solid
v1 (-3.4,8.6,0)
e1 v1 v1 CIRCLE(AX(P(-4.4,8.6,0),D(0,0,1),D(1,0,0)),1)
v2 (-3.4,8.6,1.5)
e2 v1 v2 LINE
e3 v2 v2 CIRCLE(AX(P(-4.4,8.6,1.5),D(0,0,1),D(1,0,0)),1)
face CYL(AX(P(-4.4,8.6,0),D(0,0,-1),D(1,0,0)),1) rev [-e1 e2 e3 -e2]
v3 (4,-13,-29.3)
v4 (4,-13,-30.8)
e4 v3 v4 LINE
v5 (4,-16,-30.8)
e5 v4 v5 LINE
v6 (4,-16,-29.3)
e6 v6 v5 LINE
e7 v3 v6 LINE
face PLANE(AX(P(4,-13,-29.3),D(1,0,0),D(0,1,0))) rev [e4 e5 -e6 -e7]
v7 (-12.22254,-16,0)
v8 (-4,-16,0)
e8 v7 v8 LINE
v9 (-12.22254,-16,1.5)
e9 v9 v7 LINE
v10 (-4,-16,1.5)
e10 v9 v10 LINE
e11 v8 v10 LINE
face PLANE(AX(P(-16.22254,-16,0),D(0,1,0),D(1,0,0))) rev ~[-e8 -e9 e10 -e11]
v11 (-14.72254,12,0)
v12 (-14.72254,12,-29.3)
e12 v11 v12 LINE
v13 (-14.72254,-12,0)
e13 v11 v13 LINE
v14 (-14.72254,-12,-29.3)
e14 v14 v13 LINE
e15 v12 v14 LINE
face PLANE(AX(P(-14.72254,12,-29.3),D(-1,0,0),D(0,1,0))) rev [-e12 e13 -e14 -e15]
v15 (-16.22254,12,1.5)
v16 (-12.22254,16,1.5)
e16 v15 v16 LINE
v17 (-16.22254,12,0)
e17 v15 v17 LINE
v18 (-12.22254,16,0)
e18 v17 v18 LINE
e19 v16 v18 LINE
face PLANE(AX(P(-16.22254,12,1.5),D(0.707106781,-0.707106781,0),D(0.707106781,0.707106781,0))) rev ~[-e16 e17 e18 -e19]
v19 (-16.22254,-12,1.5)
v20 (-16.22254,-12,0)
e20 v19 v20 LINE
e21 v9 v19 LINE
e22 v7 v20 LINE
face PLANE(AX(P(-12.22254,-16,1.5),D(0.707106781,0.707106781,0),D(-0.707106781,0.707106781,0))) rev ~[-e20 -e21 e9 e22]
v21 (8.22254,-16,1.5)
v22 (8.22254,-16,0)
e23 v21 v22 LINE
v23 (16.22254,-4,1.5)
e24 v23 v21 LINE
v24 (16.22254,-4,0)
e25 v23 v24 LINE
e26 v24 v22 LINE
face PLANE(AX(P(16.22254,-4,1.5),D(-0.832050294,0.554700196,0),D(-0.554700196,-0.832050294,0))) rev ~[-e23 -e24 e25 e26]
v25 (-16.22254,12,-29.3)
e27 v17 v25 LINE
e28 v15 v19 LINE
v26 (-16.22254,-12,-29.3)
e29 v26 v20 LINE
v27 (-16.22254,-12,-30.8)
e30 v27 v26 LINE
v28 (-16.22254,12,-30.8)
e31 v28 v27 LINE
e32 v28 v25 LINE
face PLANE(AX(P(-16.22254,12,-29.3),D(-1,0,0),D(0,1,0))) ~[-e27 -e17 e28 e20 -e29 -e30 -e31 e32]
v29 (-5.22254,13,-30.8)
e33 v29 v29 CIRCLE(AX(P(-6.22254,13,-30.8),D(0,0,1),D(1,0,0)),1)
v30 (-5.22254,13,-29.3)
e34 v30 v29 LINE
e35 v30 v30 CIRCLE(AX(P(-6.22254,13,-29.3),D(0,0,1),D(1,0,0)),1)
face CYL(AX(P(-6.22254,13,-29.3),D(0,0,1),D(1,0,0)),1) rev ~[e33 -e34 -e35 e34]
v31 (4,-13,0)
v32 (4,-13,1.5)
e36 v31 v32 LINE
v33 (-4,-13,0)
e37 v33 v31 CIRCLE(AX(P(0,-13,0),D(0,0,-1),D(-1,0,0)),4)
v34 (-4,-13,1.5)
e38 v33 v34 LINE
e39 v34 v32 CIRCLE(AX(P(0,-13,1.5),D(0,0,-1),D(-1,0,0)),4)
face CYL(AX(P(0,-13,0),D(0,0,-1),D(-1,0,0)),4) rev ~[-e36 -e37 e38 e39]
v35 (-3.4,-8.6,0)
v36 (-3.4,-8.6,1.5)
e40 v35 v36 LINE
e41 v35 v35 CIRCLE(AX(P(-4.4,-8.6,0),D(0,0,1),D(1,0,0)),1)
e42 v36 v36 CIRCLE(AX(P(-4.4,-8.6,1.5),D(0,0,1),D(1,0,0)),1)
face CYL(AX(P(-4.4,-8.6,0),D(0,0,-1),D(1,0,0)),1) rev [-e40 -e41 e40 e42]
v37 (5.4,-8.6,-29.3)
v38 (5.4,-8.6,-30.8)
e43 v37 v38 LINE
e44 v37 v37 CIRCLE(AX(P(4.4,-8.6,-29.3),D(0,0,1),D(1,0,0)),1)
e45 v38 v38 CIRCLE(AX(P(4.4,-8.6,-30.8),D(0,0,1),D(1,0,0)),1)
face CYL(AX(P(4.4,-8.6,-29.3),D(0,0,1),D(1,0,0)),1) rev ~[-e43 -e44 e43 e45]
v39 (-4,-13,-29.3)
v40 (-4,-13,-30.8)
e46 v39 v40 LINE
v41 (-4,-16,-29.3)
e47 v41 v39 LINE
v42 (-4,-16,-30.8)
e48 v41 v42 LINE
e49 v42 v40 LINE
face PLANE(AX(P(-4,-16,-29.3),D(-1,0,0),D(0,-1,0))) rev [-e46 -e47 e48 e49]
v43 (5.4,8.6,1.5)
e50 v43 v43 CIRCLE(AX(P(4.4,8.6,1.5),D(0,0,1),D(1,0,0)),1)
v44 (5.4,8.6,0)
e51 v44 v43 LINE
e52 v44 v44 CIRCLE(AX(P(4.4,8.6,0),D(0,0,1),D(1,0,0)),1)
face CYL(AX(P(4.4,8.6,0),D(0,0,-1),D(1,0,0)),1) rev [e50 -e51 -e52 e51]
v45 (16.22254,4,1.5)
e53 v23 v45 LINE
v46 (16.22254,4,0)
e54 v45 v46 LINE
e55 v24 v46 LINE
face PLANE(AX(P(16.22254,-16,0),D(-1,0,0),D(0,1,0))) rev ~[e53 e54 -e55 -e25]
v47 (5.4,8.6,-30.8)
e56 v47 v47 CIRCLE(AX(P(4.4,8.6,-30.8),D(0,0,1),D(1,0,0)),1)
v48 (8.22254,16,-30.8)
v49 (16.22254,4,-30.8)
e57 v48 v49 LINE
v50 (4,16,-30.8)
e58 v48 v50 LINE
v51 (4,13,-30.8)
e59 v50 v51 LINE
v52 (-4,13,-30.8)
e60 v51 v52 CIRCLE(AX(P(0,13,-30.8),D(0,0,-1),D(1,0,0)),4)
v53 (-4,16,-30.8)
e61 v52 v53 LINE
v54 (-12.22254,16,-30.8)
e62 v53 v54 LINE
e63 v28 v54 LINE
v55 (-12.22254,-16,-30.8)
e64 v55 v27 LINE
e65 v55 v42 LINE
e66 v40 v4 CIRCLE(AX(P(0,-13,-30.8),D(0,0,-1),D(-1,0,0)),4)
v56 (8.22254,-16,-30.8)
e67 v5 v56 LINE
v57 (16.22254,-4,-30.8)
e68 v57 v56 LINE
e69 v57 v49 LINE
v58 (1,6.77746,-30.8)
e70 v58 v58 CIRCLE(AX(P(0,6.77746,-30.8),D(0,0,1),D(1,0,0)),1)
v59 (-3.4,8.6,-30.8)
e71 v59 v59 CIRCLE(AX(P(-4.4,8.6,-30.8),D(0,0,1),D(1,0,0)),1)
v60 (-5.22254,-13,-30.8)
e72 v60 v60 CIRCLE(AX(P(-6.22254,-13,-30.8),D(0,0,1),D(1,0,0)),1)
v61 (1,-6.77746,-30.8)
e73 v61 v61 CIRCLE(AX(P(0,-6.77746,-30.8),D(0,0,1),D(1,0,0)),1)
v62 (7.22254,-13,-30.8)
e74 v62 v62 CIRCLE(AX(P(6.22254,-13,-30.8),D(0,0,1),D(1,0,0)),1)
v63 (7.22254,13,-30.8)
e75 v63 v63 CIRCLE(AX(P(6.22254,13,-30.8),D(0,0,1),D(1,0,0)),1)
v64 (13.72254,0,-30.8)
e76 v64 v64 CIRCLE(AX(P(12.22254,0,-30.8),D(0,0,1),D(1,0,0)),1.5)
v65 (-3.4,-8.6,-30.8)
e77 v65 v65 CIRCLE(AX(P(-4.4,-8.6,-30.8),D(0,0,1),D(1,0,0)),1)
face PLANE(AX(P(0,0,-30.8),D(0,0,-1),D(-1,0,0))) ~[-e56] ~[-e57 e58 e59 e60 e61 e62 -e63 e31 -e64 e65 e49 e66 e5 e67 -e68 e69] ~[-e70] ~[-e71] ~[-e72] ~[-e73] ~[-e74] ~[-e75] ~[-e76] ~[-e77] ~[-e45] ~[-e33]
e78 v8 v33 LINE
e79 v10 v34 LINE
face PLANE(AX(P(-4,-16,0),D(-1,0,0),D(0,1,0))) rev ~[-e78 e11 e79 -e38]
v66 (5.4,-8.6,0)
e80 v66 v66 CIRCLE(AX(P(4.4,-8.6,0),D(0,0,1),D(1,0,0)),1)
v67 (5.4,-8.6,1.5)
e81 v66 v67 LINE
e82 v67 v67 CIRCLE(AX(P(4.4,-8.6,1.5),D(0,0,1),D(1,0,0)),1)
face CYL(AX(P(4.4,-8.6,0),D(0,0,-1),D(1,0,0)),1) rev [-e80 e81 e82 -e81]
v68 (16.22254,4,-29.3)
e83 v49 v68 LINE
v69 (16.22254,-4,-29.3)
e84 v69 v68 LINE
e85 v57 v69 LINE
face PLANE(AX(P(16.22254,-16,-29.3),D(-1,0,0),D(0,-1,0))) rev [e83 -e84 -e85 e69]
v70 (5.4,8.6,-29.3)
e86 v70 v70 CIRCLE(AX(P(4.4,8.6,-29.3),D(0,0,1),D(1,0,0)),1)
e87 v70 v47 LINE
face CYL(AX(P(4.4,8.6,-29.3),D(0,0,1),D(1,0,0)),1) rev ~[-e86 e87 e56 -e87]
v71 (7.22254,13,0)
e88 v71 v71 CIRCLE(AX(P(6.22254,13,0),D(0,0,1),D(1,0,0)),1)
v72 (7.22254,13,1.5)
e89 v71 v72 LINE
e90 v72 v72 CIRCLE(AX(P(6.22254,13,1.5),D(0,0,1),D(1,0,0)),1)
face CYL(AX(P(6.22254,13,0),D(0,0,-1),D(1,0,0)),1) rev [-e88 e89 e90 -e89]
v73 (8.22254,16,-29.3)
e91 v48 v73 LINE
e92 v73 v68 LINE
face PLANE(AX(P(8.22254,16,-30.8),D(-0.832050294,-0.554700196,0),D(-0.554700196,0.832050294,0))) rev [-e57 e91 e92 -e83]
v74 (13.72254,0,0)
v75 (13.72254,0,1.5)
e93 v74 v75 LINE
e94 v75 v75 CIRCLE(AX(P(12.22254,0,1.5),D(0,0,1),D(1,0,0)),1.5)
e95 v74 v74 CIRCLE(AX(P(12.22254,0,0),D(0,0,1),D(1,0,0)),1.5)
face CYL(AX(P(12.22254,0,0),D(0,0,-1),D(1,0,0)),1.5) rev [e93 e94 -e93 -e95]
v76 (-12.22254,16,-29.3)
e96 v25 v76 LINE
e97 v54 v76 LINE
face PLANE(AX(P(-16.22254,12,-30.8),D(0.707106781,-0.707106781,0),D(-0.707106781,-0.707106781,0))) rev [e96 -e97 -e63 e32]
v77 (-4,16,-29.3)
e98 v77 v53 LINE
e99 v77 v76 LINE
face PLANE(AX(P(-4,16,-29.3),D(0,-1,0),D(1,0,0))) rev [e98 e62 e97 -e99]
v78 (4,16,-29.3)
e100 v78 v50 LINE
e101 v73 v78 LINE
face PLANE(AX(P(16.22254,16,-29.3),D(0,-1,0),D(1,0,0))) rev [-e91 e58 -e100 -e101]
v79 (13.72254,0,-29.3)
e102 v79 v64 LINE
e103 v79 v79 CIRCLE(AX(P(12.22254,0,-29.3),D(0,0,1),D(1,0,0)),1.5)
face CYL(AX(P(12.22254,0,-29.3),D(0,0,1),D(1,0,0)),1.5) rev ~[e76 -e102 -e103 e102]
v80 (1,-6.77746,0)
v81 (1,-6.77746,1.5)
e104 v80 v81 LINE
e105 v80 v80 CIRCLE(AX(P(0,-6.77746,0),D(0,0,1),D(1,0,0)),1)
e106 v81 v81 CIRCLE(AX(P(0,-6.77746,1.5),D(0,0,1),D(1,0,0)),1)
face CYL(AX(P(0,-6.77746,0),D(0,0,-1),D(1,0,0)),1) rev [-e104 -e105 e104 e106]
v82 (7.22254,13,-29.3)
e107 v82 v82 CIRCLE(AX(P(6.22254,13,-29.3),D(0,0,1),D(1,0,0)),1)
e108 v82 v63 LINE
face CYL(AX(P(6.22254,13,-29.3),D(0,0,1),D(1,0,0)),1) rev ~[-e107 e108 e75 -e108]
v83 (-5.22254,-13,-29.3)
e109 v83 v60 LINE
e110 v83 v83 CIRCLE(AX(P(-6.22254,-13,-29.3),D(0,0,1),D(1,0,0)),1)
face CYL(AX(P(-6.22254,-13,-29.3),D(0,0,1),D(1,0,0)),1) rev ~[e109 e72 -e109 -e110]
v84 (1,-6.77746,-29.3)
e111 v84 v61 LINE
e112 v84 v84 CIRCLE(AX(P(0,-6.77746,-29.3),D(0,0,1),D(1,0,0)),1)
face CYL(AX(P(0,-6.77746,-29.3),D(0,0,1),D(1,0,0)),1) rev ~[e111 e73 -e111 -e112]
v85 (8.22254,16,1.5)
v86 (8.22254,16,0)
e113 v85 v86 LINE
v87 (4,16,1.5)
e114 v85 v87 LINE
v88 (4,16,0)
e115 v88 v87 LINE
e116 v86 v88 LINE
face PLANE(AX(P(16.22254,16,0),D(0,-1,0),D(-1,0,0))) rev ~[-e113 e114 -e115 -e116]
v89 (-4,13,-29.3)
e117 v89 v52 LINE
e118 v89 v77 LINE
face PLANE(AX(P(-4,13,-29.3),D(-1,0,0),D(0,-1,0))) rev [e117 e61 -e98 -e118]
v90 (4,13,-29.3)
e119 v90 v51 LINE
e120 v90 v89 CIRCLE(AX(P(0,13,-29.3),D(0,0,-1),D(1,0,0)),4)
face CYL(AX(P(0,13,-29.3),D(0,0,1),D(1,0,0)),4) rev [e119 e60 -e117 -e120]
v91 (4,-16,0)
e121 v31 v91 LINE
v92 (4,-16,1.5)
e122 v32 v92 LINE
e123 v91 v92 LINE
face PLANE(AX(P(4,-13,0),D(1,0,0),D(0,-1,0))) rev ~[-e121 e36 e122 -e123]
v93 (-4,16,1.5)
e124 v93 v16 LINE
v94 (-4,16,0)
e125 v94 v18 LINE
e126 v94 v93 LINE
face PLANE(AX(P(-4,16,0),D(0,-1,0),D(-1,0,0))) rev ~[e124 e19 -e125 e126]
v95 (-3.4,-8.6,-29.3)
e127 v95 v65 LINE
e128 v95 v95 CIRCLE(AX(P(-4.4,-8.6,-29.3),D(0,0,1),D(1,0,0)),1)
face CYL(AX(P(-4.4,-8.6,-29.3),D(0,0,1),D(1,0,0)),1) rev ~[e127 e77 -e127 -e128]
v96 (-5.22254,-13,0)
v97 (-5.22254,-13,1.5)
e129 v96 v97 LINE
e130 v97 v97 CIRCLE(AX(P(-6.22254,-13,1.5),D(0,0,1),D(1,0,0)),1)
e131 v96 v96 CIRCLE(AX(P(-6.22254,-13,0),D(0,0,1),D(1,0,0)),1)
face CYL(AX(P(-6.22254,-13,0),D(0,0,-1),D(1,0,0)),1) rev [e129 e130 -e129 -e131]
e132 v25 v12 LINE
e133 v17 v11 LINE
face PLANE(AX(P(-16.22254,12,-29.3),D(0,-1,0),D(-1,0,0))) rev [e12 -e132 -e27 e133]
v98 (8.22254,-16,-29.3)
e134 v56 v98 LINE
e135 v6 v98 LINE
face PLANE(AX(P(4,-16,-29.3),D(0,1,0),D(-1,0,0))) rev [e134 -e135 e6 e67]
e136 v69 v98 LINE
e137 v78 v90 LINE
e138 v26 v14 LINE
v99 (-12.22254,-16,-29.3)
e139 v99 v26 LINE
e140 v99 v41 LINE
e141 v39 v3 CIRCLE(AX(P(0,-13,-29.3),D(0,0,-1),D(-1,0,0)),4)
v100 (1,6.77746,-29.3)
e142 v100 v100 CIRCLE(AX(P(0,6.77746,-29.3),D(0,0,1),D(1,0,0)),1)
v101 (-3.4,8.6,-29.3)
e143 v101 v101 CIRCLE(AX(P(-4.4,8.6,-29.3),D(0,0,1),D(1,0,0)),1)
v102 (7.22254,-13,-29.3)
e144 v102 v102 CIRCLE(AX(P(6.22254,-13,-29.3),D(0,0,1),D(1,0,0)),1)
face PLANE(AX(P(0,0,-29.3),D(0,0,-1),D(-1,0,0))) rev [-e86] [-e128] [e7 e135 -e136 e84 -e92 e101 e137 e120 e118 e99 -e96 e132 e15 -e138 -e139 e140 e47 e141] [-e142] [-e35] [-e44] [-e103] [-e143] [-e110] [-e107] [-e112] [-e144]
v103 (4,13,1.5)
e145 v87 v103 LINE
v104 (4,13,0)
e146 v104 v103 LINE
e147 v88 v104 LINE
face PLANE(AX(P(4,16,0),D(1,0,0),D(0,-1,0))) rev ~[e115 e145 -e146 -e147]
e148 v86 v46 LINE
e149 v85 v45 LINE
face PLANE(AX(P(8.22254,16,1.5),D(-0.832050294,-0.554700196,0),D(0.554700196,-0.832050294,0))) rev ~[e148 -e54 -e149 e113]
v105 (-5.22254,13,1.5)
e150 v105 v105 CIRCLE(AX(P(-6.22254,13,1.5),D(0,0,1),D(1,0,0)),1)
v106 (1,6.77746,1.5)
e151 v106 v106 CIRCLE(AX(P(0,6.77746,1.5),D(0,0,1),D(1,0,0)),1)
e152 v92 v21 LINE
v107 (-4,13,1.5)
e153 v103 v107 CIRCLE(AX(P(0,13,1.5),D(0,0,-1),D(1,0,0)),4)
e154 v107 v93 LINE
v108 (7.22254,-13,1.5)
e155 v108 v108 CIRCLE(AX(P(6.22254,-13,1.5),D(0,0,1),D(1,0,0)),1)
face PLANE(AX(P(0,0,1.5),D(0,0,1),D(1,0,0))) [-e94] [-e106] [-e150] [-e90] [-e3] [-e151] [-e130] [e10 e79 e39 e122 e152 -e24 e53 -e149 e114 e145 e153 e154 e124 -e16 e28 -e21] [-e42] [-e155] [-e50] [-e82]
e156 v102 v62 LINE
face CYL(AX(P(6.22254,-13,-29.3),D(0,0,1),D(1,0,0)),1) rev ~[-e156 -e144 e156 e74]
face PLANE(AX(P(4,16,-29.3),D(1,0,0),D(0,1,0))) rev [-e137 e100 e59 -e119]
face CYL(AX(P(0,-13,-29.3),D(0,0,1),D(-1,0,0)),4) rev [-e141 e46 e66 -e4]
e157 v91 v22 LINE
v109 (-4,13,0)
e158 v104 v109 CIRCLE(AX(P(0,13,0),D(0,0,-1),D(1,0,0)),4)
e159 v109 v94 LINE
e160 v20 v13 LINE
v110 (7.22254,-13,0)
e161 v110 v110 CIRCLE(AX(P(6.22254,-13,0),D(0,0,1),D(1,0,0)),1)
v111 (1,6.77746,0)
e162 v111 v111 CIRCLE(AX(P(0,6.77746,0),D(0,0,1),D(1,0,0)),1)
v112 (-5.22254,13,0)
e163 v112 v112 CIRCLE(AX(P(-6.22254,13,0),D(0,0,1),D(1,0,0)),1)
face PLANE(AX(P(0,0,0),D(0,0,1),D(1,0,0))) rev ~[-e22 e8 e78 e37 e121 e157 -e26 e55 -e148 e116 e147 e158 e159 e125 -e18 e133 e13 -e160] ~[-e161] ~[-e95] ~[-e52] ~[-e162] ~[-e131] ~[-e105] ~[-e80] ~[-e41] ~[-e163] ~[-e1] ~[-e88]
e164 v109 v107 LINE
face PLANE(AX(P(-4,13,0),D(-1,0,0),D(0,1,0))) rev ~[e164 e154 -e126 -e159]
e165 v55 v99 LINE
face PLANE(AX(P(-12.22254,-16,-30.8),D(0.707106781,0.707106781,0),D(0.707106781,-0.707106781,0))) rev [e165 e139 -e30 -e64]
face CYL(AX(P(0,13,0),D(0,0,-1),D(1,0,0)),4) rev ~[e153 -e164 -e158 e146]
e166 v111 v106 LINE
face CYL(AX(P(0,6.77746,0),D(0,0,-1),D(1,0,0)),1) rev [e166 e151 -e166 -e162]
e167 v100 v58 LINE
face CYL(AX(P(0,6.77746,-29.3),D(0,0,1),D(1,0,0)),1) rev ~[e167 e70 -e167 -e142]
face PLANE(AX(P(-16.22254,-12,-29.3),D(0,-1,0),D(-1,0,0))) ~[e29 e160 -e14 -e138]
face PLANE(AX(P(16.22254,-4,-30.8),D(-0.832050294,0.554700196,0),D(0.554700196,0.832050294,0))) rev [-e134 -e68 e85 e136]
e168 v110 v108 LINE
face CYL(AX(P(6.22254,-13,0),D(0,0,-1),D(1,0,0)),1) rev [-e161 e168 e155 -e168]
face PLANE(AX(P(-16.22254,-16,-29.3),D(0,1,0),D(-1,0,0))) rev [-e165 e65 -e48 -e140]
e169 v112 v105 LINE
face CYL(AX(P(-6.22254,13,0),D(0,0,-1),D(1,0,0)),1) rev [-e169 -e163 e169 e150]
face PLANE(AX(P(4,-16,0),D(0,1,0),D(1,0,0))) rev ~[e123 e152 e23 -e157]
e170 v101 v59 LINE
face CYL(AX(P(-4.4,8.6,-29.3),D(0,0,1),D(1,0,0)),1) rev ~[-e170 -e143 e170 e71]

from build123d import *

# Parameters (mm, degrees)
F0_R     = 1
F0_R_2   = 1.5
F1_DEPTH = 1.5
F3_DEPTH = 1.5
F4_W     = 1.5
F4_H     = 24
F5_DEPTH = 14.65


with BuildPart() as f1:
    # F0 (on Top) → F1 (new body)
    with BuildSketch(Plane.XY):
        with BuildLine():
            Line((-4, 16), (-16.22254, 16))
            Line((-16.22254, 16), (-16.22254, -16))
            Line((-16.22254, -16), (-4, -16))
            Line((-4, -16), (-4, -13))
            ThreePointArc((-4, -13), (0, -9), (4, -13))
            Line((4, -13), (4, -16))
            Line((4, -16), (16.22254, -16))
            Line((16.22254, -16), (16.22254, 16))
            Line((16.22254, 16), (4, 16))
            Line((4, 16), (4, 13))
            ThreePointArc((4, 13), (0, 9), (-4, 13))
            Line((-4, 13), (-4, 16))
        make_face()
        with Locations((-6.22254, -13)):
            Circle(F0_R, mode=Mode.SUBTRACT)
        with Locations((-4.4, -8.6)):
            Circle(F0_R, mode=Mode.SUBTRACT)
        with Locations((6.22254, -13)):
            Circle(F0_R, mode=Mode.SUBTRACT)
        with Locations((4.4, -8.6)):
            Circle(F0_R, mode=Mode.SUBTRACT)
        with Locations((0, -6.77746)):
            Circle(F0_R, mode=Mode.SUBTRACT)
        with Locations((-4.4, 8.6)):
            Circle(F0_R, mode=Mode.SUBTRACT)
        with Locations((-6.22254, 13)):
            Circle(F0_R, mode=Mode.SUBTRACT)
        with Locations((0, 6.77746)):
            Circle(F0_R, mode=Mode.SUBTRACT)
        with Locations((12.22254, 0)):
            Circle(F0_R_2, mode=Mode.SUBTRACT)
        with Locations((4.4, 8.6)):
            Circle(F0_R, mode=Mode.SUBTRACT)
        with Locations((6.22254, 13)):
            Circle(F0_R, mode=Mode.SUBTRACT)
    extrude(amount=F1_DEPTH)

    # F2 (on face) → F3 (cut, through all)
    with BuildSketch(Plane.XY.offset(1.5)):
        Polygon((16.22254, 16), (8.22254, 16), (16.22254, 4), align=None)
        Polygon((8.22254, -16), (16.22254, -16), (16.22254, -4), align=None)
        Polygon((-12.22254, 16), (-16.22254, 16), (-16.22254, 12), align=None)
        Polygon((-16.22254, -16), (-12.22254, -16), (-16.22254, -12), align=None)
    extrude(amount=-F3_DEPTH, mode=Mode.SUBTRACT)

    # F4 (on face) → F5 (join)
    with BuildSketch(Plane(origin=(0, 0, 0), x_dir=(1, 0, 0), z_dir=(0, 0, -1))):
        with Locations((-15.47254, 0)):
            Rectangle(F4_W, F4_H)
    extrude(amount=F5_DEPTH)

    # F7: F1 across plane


with BuildPart() as f1_1:
    add(f1.part)
    add(f1.part.mirror(Plane.XY.offset(-14.65)))


solid = f1_1.part
